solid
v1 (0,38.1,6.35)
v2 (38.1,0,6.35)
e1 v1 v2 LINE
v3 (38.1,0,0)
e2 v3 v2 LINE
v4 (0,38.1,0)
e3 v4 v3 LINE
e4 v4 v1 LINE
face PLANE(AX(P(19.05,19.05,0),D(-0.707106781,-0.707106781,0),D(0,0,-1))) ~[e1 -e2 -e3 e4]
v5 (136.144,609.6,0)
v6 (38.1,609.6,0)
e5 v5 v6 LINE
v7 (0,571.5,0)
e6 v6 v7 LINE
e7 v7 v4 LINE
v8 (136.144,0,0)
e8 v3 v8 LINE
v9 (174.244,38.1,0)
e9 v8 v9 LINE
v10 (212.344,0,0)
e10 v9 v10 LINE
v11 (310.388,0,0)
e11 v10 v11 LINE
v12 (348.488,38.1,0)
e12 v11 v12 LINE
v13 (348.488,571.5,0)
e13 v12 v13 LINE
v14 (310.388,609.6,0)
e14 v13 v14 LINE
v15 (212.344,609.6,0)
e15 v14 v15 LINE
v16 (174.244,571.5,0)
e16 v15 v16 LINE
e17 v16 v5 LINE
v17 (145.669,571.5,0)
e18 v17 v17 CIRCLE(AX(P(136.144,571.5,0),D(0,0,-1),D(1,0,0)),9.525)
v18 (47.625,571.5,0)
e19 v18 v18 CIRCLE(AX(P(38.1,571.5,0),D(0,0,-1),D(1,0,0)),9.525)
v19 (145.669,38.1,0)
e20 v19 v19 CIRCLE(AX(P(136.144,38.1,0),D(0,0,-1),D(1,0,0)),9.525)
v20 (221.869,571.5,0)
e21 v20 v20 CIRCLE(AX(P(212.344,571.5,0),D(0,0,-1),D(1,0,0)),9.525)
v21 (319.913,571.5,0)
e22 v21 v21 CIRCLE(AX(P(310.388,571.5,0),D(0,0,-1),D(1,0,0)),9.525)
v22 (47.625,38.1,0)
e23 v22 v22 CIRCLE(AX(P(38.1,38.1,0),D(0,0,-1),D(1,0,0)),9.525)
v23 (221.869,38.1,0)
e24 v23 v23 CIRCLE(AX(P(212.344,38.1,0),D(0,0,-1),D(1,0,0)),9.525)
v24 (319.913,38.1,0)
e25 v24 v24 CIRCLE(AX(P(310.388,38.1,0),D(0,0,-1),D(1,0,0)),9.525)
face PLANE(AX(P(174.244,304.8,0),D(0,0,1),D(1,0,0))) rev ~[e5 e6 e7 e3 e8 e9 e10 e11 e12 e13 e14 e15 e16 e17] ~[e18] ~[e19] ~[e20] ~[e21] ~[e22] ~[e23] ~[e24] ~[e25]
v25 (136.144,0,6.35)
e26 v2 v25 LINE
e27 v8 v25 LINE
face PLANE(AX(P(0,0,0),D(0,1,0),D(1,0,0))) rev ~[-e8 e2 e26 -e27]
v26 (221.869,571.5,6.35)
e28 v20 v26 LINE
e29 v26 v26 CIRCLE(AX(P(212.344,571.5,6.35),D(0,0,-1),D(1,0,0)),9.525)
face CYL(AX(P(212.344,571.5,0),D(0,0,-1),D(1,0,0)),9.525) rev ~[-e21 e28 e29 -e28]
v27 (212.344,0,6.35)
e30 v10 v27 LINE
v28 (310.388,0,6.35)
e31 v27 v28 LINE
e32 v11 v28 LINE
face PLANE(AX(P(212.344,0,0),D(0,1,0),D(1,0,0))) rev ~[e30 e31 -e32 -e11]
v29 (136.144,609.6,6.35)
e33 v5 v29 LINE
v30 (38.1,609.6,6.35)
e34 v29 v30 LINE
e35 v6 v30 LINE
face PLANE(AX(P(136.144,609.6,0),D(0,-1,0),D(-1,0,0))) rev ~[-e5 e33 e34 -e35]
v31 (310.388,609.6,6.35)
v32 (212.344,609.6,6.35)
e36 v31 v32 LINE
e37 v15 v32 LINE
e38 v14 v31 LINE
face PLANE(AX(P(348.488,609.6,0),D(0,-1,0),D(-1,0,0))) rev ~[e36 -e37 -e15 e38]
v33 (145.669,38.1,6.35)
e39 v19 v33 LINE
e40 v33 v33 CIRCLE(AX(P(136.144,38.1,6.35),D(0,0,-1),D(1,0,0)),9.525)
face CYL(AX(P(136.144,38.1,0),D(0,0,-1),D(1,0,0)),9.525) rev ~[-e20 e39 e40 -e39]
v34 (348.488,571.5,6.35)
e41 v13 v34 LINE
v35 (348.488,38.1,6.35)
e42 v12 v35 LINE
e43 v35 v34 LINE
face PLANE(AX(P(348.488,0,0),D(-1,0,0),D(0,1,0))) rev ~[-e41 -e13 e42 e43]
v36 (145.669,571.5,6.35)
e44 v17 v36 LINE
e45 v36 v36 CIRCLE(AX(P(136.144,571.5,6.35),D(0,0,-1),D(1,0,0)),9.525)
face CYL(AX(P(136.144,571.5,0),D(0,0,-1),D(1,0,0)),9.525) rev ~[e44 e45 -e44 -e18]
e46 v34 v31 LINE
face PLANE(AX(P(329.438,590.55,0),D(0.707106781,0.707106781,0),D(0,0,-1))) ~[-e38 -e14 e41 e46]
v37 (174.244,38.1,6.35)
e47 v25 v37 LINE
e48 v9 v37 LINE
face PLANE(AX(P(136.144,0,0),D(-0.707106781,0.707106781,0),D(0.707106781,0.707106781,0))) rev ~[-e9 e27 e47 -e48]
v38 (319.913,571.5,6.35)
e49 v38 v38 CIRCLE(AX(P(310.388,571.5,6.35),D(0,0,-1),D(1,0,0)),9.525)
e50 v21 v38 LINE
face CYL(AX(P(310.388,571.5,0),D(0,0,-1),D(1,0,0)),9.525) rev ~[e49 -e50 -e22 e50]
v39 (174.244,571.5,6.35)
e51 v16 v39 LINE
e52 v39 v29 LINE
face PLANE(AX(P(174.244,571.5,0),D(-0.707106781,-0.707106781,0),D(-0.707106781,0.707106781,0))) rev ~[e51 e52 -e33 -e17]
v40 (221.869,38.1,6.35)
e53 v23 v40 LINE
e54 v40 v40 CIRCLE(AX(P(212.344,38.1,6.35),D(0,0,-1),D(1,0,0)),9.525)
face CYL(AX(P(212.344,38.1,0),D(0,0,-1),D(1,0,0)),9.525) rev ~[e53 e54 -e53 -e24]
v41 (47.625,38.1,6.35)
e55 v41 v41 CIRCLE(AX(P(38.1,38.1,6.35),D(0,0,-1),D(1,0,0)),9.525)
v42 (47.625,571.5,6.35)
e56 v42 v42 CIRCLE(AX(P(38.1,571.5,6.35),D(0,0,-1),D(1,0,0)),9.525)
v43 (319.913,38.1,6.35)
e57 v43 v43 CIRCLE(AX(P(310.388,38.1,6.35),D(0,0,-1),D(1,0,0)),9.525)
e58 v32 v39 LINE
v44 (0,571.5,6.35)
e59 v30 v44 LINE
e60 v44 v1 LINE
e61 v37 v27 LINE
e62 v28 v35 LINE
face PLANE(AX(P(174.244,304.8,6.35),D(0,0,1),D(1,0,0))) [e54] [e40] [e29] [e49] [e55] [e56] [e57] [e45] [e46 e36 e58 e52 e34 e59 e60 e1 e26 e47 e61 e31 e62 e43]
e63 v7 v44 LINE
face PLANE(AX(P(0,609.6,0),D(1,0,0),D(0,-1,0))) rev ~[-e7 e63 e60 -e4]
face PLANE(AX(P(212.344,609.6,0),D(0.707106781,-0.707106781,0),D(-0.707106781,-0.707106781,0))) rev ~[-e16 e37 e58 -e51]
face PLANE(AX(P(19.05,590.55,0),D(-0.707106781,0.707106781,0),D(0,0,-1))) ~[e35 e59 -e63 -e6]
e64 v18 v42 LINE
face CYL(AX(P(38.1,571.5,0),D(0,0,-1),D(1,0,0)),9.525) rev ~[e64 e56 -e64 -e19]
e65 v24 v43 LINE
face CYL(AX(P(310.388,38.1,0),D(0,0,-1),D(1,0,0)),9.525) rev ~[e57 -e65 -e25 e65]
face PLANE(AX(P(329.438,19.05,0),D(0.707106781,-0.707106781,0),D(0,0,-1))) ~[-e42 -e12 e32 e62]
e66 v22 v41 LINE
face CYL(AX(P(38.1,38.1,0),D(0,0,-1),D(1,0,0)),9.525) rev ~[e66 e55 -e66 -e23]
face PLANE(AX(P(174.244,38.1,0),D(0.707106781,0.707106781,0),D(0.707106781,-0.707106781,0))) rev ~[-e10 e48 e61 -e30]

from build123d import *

# Parameters (mm, degrees)
F1_DEPTH = 6.35
F2_SIZE  = 38.1
F3_R     = 9.525
F4_DEPTH = 6.351


with BuildPart() as f1:
    # F0 (on Top) → F1 (new body)
    with BuildSketch(Plane.XY):
        Polygon((212.344, 0), (348.488, 0), (348.488, 609.6), (212.344, 609.6), (174.244, 571.5), (136.144, 609.6), (0, 609.6), (0, 0), (136.144, 0), (174.244, 38.1), align=None)
    extrude(amount=F1_DEPTH)

    # F2
    f2_edges = [f1.edges().sort_by_distance(p)[0] for p in [
        (0, 609.6, 3.175),
        (348.488, 609.6, 3.175),
        (348.488, 0, 3.175),
        (0, 0, 3.175),
    ]]
    chamfer(f2_edges, length=F2_SIZE)

    # F3 (on face) → F4 (cut, through all)
    with BuildSketch(Plane(origin=(0, 0, 0), x_dir=(1, 0, 0), z_dir=(0, 0, -1))):
        with Locations((38.1, -571.5)):
            Circle(F3_R)
        with Locations((136.144, -571.5)):
            Circle(F3_R)
        with Locations((212.344, -571.5)):
            Circle(F3_R)
        with Locations((310.388, -571.5)):
            Circle(F3_R)
        with Locations((38.1, -38.1)):
            Circle(F3_R)
        with Locations((136.144, -38.1)):
            Circle(F3_R)
        with Locations((212.344, -38.1)):
            Circle(F3_R)
        with Locations((310.388, -38.1)):
            Circle(F3_R)
    extrude(amount=-F4_DEPTH, mode=Mode.SUBTRACT)


solid = f1.part
